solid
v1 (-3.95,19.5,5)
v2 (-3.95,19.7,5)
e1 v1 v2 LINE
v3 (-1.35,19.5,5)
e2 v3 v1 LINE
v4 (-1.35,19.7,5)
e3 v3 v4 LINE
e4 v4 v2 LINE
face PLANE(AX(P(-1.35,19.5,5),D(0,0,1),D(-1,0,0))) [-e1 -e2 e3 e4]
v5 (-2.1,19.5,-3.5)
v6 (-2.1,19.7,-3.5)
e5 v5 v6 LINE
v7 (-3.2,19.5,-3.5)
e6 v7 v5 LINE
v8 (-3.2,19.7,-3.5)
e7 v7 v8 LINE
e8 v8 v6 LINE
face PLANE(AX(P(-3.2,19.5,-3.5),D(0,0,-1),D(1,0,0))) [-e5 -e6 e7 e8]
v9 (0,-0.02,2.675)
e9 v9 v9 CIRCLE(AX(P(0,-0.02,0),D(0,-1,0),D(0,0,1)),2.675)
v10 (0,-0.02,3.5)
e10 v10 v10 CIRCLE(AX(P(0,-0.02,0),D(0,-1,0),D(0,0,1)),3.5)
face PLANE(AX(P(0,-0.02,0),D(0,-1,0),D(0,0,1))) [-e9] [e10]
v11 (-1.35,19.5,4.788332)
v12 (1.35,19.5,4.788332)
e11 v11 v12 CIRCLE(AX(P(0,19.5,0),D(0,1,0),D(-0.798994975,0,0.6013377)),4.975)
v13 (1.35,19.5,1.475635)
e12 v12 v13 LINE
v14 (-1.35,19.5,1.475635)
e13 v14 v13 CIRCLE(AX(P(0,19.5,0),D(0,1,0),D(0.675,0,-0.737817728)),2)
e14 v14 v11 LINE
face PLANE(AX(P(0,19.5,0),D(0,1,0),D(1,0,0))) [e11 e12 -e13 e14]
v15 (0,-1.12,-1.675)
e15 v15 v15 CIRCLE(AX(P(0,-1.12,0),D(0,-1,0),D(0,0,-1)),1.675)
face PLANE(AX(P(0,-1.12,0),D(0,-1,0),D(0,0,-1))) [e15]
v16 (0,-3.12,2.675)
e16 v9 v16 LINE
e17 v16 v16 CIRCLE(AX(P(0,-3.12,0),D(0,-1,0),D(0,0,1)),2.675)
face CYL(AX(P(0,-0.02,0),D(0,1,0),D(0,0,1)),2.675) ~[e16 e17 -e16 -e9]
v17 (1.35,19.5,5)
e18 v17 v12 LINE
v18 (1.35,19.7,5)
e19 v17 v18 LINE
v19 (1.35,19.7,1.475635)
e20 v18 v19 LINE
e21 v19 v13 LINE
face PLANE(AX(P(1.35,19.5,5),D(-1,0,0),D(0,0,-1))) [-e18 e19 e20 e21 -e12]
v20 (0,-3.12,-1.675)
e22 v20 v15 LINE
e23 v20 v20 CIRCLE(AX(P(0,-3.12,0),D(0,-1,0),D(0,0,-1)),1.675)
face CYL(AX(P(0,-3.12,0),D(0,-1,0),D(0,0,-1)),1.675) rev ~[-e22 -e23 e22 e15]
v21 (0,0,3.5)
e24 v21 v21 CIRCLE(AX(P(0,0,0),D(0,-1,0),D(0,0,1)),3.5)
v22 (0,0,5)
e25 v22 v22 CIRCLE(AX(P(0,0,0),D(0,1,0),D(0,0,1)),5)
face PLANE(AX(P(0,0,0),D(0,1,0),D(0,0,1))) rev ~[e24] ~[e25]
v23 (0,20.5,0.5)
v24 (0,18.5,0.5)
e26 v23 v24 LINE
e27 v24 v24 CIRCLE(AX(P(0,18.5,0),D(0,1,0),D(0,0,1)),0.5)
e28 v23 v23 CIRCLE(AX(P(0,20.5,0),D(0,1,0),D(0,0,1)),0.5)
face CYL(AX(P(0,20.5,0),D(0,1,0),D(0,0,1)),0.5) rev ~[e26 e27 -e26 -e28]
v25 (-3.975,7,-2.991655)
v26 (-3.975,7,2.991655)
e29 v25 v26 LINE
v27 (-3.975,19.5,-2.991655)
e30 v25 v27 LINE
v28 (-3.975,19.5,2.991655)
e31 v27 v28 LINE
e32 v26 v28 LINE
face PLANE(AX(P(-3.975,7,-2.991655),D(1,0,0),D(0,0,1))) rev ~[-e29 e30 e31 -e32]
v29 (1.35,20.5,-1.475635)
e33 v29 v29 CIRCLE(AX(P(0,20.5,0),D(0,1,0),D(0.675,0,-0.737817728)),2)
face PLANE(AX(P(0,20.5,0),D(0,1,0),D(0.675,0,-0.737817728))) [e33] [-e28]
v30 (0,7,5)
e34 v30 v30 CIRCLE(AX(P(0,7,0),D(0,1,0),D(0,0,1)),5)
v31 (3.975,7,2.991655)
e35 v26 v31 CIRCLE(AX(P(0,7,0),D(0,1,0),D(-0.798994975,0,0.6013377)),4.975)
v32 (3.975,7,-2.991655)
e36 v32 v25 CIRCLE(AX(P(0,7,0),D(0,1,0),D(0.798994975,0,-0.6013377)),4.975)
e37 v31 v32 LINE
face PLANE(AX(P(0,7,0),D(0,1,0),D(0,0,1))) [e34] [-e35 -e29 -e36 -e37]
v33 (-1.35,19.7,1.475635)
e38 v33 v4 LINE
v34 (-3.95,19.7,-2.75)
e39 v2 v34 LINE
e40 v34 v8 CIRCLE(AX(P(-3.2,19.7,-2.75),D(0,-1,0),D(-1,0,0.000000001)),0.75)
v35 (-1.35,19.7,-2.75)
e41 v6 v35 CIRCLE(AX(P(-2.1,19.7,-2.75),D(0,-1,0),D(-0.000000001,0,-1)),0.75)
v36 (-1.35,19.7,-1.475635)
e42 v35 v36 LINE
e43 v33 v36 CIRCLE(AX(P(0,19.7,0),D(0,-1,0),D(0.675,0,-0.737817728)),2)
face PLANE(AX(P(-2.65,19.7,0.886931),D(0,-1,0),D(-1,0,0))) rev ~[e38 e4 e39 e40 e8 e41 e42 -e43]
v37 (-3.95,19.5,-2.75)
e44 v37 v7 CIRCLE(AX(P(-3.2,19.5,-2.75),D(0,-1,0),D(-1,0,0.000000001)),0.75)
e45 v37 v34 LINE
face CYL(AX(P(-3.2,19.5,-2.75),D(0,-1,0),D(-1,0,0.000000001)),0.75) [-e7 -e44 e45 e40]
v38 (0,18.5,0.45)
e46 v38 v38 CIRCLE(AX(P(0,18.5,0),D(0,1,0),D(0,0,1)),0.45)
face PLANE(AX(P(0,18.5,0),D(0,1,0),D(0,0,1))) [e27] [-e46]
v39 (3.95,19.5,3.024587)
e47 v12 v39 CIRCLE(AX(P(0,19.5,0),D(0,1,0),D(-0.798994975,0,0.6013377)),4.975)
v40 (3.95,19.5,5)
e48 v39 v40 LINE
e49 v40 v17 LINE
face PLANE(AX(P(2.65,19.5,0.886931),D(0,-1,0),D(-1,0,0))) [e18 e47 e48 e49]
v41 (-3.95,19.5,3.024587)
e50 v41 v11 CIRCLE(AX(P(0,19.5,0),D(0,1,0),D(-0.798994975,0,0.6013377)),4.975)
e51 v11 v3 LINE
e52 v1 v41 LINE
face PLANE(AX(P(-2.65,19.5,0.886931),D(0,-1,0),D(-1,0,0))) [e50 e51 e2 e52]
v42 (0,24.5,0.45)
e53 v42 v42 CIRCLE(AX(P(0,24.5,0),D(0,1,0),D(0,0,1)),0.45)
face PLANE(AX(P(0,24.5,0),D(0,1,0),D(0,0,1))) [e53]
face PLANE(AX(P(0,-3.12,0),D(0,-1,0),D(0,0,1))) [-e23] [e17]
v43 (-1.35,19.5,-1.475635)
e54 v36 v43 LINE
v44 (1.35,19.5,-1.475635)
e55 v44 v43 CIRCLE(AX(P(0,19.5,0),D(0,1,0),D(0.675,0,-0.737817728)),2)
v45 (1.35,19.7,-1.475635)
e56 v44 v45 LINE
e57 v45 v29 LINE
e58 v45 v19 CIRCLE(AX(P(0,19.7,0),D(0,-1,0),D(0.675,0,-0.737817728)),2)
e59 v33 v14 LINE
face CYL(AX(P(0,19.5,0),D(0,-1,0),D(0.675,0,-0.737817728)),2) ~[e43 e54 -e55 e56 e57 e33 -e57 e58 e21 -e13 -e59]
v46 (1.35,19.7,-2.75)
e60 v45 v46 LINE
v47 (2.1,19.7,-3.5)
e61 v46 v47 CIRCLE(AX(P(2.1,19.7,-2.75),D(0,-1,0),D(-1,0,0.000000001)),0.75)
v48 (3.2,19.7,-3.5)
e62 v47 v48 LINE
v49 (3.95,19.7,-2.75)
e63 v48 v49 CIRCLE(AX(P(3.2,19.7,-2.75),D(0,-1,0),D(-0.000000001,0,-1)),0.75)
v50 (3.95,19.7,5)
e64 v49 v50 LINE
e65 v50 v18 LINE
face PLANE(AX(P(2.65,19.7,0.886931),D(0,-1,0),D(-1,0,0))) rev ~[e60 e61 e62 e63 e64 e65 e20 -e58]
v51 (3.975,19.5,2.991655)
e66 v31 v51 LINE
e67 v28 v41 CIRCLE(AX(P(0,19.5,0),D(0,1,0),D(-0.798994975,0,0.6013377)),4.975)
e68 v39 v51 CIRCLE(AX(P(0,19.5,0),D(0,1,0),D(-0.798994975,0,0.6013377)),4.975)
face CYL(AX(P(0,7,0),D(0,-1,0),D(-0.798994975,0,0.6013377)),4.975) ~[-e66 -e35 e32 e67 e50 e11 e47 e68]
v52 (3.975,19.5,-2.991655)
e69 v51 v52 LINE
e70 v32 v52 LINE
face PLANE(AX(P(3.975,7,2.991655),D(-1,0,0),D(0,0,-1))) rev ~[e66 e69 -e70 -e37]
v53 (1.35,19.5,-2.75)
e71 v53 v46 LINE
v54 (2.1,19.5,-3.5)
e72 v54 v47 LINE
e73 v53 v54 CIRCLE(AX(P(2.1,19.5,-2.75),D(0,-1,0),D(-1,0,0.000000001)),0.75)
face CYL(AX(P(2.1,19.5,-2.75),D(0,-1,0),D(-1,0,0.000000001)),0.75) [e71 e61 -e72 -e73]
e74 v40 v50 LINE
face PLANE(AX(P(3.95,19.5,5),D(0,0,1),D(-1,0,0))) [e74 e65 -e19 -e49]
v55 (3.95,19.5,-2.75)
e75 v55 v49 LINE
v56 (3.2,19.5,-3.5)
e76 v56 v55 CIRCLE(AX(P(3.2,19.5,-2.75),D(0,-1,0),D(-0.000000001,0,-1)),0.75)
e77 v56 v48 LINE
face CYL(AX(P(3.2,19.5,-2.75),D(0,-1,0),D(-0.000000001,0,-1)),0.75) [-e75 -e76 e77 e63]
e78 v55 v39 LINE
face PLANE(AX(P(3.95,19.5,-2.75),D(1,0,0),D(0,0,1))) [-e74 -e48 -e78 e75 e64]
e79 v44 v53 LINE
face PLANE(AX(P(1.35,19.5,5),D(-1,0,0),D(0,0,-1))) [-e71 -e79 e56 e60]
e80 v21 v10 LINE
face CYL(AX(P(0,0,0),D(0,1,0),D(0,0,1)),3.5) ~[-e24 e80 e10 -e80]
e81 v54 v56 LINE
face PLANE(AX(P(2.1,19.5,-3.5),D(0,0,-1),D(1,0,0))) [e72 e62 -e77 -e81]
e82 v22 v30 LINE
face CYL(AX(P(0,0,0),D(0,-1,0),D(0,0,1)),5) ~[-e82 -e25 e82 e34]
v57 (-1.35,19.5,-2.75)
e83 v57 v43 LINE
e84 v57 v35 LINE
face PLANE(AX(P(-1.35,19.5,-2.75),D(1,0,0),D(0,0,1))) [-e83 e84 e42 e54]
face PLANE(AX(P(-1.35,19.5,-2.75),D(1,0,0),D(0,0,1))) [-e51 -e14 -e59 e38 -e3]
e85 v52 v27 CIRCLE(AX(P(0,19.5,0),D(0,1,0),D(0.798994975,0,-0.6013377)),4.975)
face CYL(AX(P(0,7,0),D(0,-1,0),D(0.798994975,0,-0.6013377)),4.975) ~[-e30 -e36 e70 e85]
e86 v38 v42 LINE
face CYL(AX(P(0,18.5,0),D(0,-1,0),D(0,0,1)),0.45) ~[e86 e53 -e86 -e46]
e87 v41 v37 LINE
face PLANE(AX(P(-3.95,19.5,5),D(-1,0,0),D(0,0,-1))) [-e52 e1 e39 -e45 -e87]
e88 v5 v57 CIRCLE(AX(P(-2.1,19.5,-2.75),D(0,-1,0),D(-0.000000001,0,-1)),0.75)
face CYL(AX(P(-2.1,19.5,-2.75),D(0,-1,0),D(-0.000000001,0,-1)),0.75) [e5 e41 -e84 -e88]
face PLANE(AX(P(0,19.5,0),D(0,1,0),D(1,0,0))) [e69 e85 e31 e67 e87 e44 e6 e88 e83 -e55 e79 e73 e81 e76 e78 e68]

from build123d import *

# Parameters (mm, degrees)
SKETCH2_R           = 5
BOSS_EXTRUDE1_DEPTH = 7
BOSS_EXTRUDE2_DEPTH = 12.5
BOSS_EXTRUDE3_DEPTH = 0.2
SKETCH5_R           = 2
BOSS_EXTRUDE4_DEPTH = 1
SKETCH6_R           = 0.5
CUT_EXTRUDE1_DEPTH  = 2
SKETCH7_R           = 0.45
BOSS_EXTRUDE5_DEPTH = 6
SKETCH8_R           = 3.5
BOSS_EXTRUDE6_DEPTH = 0.02
SKETCH9_R           = 2.675
BOSS_EXTRUDE7_DEPTH = 3.1
SKETCH10_R          = 1.675
CUT_EXTRUDE2_DEPTH  = 2


with BuildPart() as part:
    # Sketch2 → Boss-Extrude1 (new body)
    with BuildSketch(Plane(origin=(0, 0, 0), x_dir=(1, 0, 0), z_dir=(0, 1, 0))):
        with Locations(Location((0, 0, 0), (0, 0, 270))):
            Circle(SKETCH2_R)
    extrude(amount=BOSS_EXTRUDE1_DEPTH)

    # Sketch3 → Boss-Extrude2 (add)
    with BuildSketch(Plane(origin=(0, 7, 0), x_dir=(1, 0, 0), z_dir=(0, 1, 0))):
        with BuildLine():
            Line((-3.975, 2.99165506), (-3.975, -2.99165506))
            ThreePointArc((-3.975, -2.99165506), (0, -4.975), (3.975, -2.99165506))
            Line((3.975, -2.99165506), (3.975, 2.99165506))
            ThreePointArc((3.975, 2.99165506), (0, 4.975), (-3.975, 2.99165506))
        make_face()
    extrude(amount=BOSS_EXTRUDE2_DEPTH)

    # Sketch4 → Boss-Extrude3 (add)
    with BuildSketch(Plane(origin=(0, 19.5, 0), x_dir=(1, 0, 0), z_dir=(0, 1, 0))):
        with BuildLine():
            Line((-3.2, 3.5), (-2.1, 3.5))
            ThreePointArc((-2.1, 3.5), (-1.569669914, 3.280330086), (-1.35, 2.75))
            Line((-1.35, 2.75), (-1.35, -5))
            Line((-1.35, -5), (-3.95, -5))
            Line((-3.95, -5), (-3.95, 2.75))
            ThreePointArc((-3.95, 2.75), (-3.730330086, 3.280330086), (-3.2, 3.5))
        make_face()
        with BuildLine():
            Line((3.95, -5), (1.35, -5))
            Line((1.35, -5), (1.35, 2.75))
            ThreePointArc((1.35, 2.75), (1.569669914, 3.280330086), (2.1, 3.5))
            Line((2.1, 3.5), (3.2, 3.5))
            ThreePointArc((3.2, 3.5), (3.730330086, 3.280330086), (3.95, 2.75))
            Line((3.95, 2.75), (3.95, -5))
        make_face()
    extrude(amount=BOSS_EXTRUDE3_DEPTH)

    # Sketch5 → Boss-Extrude4 (add)
    with BuildSketch(Plane(origin=(0, 19.5, 0), x_dir=(1, 0, 0), z_dir=(0, 1, 0))):
        with Locations(Location((0, 0, 0), (0, 0, 47.545849796))):
            Circle(SKETCH5_R)
    extrude(amount=BOSS_EXTRUDE4_DEPTH)

    # Sketch6 → Cut-Extrude1 (cut)
    with BuildSketch(Plane(origin=(0, 20.5, 0), x_dir=(1, 0, 0), z_dir=(0, 1, 0))):
        with Locations(Location((0, 0, 0), (0, 0, 270))):
            Circle(SKETCH6_R)
    extrude(amount=-CUT_EXTRUDE1_DEPTH, mode=Mode.SUBTRACT)

    # Sketch7 → Boss-Extrude5 (add)
    with BuildSketch(Plane(origin=(0, 18.5, 0), x_dir=(1, 0, 0), z_dir=(0, 1, 0))):
        with Locations(Location((0, 0, 0), (0, 0, 270))):
            Circle(SKETCH7_R)
    extrude(amount=BOSS_EXTRUDE5_DEPTH)

    # Sketch8 → Boss-Extrude6 (add)
    with BuildSketch(Plane.XZ):
        with Locations(Location((0, 0, 0), (0, 0, 90))):
            Circle(SKETCH8_R)
    extrude(amount=BOSS_EXTRUDE6_DEPTH)

    # Sketch9 → Boss-Extrude7 (add)
    with BuildSketch(Plane.XZ.offset(0.02)):
        with Locations(Location((0, 0, 0), (0, 0, 90))):
            Circle(SKETCH9_R)
    extrude(amount=BOSS_EXTRUDE7_DEPTH)

    # Sketch10 → Cut-Extrude2 (cut)
    with BuildSketch(Plane.XZ.offset(3.12)):
        with Locations(Location((0, 0, 0), (0, 0, 270))):
            Circle(SKETCH10_R)
    extrude(amount=-CUT_EXTRUDE2_DEPTH, mode=Mode.SUBTRACT)


solid = part.part
